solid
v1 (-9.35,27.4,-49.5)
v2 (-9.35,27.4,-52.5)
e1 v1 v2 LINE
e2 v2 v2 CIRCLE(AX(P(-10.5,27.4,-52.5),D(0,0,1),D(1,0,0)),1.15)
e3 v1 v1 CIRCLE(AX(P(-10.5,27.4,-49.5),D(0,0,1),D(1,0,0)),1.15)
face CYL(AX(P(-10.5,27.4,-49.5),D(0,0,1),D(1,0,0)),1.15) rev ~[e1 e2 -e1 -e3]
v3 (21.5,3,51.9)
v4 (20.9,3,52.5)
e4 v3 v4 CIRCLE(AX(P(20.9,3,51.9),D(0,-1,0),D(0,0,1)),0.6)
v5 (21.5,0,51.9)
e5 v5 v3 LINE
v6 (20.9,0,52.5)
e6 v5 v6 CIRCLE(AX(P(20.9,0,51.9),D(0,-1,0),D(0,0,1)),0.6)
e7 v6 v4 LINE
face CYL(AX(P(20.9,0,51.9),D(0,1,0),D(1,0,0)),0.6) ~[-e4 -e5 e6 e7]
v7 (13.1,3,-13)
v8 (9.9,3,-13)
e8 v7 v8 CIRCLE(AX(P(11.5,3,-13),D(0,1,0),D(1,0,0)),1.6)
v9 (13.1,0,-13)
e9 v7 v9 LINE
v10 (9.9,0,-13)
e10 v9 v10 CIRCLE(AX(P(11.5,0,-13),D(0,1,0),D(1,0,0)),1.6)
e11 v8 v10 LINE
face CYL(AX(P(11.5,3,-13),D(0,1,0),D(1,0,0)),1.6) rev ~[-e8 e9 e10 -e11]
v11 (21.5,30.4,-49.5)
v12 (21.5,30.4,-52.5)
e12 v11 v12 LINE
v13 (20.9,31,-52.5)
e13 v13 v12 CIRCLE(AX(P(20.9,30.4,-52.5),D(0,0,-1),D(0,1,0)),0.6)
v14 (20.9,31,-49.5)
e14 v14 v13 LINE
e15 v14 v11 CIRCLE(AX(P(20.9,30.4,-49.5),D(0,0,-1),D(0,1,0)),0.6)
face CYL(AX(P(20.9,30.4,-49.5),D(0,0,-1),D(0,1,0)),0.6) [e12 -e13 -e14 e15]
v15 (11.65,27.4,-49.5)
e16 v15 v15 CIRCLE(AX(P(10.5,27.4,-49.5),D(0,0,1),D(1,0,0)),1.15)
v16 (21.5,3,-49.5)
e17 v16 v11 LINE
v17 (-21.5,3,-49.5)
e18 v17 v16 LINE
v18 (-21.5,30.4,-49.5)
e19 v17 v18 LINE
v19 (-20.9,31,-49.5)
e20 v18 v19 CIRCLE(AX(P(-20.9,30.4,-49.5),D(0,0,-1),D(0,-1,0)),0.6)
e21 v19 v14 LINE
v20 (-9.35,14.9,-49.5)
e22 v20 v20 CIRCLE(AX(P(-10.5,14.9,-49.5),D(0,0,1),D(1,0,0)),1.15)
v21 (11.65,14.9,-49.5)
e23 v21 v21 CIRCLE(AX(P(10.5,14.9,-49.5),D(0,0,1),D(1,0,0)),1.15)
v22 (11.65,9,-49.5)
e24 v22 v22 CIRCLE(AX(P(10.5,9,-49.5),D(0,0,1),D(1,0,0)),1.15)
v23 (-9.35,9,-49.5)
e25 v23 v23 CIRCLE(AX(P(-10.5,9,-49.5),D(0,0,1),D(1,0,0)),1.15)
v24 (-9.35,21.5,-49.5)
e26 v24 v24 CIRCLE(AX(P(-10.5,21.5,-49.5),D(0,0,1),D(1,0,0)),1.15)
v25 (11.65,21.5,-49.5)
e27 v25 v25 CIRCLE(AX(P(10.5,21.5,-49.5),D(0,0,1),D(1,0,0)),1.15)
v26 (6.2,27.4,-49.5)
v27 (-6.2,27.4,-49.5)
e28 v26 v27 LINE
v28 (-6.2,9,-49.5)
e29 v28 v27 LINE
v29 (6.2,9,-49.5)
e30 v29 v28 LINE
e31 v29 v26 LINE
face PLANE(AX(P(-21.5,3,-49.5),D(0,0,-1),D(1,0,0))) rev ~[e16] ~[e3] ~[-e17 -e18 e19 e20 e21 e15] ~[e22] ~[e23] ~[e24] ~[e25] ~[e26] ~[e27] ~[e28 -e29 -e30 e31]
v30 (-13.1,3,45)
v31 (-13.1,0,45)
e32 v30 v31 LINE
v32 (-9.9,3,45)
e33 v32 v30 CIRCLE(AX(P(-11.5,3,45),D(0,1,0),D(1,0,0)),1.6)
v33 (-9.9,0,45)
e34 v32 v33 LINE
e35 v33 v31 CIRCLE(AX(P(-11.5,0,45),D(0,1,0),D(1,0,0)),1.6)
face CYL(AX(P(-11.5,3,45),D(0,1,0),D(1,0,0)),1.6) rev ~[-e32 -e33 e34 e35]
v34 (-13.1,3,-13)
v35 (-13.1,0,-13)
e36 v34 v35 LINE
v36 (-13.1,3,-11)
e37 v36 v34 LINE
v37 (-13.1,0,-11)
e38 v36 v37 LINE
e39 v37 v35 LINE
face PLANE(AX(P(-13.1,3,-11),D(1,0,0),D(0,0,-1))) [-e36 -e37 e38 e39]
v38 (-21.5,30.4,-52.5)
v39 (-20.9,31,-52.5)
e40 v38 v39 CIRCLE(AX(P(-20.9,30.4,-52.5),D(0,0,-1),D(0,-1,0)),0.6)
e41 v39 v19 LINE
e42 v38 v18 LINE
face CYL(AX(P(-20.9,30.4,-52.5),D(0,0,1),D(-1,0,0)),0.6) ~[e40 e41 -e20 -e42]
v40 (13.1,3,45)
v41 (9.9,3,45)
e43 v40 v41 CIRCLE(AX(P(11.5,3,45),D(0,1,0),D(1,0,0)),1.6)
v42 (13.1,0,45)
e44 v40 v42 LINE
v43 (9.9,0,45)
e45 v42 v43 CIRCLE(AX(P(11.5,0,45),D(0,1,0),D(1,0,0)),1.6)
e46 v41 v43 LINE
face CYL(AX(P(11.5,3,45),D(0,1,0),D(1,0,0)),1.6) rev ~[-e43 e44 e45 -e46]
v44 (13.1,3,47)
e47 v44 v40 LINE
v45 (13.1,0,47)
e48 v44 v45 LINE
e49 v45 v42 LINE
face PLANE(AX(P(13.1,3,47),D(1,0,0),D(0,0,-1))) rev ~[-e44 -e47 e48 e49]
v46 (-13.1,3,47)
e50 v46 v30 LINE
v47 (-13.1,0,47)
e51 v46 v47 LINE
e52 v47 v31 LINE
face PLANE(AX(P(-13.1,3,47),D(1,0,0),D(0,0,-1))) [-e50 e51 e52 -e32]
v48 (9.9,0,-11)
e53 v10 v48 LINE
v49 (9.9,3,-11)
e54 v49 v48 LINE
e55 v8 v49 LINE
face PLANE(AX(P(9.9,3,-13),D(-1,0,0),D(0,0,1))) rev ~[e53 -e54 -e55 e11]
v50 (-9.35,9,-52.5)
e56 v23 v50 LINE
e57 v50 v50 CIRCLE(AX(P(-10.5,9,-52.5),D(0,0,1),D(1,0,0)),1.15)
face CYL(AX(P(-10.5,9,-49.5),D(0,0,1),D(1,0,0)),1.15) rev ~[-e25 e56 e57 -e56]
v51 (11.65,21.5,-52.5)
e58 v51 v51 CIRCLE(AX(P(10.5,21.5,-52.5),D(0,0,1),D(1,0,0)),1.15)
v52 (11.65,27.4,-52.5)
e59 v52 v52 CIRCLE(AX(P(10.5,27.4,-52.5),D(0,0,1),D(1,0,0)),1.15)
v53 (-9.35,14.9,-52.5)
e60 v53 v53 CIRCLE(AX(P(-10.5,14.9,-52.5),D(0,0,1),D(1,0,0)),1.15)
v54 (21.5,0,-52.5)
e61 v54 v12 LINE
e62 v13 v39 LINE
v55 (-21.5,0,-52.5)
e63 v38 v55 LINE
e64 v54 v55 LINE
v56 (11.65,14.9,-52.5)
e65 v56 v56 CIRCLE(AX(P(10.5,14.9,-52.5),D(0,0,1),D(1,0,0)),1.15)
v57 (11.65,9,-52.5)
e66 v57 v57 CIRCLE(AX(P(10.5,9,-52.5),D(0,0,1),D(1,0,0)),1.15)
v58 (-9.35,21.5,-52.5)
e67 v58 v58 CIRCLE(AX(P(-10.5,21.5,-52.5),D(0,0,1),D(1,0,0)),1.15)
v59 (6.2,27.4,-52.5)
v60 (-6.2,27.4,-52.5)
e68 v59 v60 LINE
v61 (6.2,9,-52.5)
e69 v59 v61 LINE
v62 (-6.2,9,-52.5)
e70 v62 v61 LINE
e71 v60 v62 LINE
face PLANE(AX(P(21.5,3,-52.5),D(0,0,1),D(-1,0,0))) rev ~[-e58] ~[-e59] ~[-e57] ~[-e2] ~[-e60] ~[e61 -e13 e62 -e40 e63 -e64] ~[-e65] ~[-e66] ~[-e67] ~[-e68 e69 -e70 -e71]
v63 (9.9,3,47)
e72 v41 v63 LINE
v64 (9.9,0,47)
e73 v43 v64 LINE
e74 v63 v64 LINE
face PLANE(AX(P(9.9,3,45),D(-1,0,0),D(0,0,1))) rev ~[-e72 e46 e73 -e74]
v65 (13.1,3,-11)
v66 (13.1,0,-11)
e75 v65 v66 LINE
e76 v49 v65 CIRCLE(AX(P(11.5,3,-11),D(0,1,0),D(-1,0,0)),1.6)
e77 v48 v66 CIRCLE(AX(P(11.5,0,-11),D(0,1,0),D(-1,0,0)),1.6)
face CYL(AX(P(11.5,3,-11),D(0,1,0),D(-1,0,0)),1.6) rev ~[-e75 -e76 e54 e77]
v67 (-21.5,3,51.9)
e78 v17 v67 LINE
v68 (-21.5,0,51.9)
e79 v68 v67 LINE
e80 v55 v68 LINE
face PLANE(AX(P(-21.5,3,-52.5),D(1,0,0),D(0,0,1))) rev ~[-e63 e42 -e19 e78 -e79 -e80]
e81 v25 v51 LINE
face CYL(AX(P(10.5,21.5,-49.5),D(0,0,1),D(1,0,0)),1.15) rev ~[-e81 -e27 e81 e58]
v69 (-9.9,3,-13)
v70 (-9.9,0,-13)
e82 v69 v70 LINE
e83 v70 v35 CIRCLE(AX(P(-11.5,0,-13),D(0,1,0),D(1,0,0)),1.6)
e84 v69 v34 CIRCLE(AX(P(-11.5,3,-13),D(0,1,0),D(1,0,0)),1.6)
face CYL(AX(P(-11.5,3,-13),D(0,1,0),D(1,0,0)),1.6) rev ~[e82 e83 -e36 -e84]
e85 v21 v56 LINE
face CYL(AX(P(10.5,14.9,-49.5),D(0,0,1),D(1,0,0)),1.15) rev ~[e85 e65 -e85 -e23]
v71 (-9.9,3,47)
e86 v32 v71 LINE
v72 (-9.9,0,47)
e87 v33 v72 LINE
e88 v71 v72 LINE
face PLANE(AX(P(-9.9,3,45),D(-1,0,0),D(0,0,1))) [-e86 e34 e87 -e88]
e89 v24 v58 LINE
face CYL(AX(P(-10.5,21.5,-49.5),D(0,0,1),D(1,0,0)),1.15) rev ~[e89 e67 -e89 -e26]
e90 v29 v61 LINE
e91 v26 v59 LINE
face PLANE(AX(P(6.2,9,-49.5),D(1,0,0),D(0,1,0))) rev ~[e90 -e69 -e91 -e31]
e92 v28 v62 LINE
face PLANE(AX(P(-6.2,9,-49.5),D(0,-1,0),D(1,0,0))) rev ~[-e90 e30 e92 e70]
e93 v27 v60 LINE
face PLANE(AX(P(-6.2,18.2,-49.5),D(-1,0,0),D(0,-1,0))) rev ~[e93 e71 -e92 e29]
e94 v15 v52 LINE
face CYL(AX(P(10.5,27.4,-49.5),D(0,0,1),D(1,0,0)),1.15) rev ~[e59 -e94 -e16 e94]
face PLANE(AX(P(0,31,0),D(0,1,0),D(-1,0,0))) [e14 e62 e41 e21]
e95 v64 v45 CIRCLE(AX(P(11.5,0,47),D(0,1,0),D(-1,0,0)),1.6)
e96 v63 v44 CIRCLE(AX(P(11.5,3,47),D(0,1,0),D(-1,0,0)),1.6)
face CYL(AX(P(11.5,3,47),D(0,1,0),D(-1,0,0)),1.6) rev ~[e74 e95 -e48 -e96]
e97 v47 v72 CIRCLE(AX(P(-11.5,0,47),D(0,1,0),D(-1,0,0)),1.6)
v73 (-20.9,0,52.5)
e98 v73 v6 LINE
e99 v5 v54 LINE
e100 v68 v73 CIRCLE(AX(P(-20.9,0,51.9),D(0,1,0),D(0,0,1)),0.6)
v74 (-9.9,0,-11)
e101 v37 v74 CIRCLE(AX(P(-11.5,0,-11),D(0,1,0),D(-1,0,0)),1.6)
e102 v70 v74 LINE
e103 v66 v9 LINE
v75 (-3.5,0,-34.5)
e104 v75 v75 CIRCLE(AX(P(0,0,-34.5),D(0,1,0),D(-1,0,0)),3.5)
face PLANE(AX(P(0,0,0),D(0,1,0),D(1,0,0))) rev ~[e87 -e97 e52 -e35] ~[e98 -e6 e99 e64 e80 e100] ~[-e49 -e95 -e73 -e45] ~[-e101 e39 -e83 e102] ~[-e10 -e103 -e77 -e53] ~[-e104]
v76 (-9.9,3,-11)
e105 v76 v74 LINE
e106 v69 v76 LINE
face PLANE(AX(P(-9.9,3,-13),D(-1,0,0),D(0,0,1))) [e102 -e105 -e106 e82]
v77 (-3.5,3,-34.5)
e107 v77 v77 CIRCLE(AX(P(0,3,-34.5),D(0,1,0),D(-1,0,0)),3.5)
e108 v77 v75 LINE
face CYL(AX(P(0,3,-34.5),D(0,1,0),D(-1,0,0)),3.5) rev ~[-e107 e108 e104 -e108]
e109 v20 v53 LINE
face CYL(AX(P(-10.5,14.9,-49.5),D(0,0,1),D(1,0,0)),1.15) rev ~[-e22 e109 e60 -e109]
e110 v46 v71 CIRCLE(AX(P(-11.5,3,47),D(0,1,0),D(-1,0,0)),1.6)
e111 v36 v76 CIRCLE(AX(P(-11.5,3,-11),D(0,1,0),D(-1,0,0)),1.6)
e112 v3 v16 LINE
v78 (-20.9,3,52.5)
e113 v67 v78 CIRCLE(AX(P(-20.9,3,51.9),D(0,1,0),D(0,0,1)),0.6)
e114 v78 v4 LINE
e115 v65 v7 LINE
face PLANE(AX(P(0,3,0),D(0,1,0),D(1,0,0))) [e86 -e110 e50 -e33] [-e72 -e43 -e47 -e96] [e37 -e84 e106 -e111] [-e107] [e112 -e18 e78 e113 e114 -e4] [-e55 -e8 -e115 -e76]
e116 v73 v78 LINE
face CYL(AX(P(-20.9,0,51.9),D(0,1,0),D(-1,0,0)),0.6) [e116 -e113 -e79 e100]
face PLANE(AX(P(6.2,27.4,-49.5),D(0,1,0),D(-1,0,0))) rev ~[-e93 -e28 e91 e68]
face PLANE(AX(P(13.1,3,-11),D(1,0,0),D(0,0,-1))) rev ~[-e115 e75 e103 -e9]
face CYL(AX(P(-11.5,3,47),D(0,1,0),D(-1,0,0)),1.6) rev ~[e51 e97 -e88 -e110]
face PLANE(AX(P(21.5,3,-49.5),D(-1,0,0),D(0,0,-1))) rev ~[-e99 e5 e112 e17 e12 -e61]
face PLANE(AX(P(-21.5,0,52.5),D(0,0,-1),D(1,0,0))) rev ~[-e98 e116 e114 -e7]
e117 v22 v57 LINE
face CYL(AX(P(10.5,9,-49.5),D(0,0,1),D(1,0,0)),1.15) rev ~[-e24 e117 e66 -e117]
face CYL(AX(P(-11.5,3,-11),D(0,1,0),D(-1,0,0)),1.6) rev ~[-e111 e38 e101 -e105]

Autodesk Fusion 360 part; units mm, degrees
sketch "Sketch1" plane through (0, 0, 0) normal (0, 1, 0) x (1, 0, 0)
  line L0 (21.5, 52.5) -> (-21.5, 52.5)
  line L1 (-21.5, 52.5) -> (-21.5, -52.5)
  line L2 (-21.5, -52.5) -> (21.5, -52.5)
  line L3 (21.5, -52.5) -> (21.5, 52.5)
  line L4 (21.5, 52.5) -> (-21.5, -52.5) construction
  line L5 (-21.5, 52.5) -> (21.5, -52.5) construction
  dimension "d1" = 43
  dimension "d2" = 105
extrude "Extrude1" add sketch "Sketch1" along normal blind 3
sketch "Sketch2" plane through (0, 3, 0) normal (0, 1, 0) x (-1, 0, 0)
  line L0 (-21.5, 52.5) -> (-21.5, -52.5)
  line L1 (-21.5, -52.5) -> (21.5, -52.5)
  line L2 (21.5, -52.5) -> (21.5, 52.5)
  line L3 (21.5, 52.5) -> (-21.5, 52.5)
  line L4 (15, -14.5) -> (-15, -14.5) construction
  line L5 (-15, -14.5) -> (-15, 50.5) construction
  line L6 (-15, 50.5) -> (15, 50.5) construction
  line L7 (15, 50.5) -> (15, -14.5) construction
  line L8 (-13.1, 47) -> (-13.1, 45)
  arc A0 (-13.1, 45) -> (-9.9, 45) centre (-11.5, 45) ccw
  line L9 (-9.9, 45) -> (-9.9, 47)
  arc A1 (-9.9, 47) -> (-13.1, 47) centre (-11.5, 47) ccw
  line L10 (-11.5, 47) -> (-11.5, 45) construction
  line L11 (0, 20) -> (0, 2.5)
  arc A2 (13.1, 47) -> (9.9, 47) centre (11.5, 47) ccw
  line L12 (13.1, 47) -> (13.1, 45)
  line L13 (9.9, 45) -> (9.9, 47)
  arc A3 (9.9, 45) -> (13.1, 45) centre (11.5, 45) ccw
  line L14 (-15, 18) -> (15, 18) construction
  arc A4 (-9.9, -11) -> (-13.1, -11) centre (-11.5, -11) ccw
  line L15 (-13.1, -11) -> (-13.1, -13)
  line L16 (-9.9, -13) -> (-9.9, -11)
  arc A5 (-13.1, -13) -> (-9.9, -13) centre (-11.5, -13) ccw
  line L17 (0, 1.75) -> (0, 22.5)
  line L18 (9.9, -13) -> (9.9, -11)
  arc A6 (13.1, -11) -> (9.9, -11) centre (11.5, -11) ccw
  line L19 (13.1, -11) -> (13.1, -13)
  arc A7 (9.9, -13) -> (13.1, -13) centre (11.5, -13) ccw
  dimension "d10" = 30
  dimension "d11" = 65
  dimension "d12" = 2
  dimension "d13" = 6.5
  dimension "d15" = 2
  dimension "d16" = 3.2
  dimension "d17" = 3.5
  dimension "d18" = 3.5
  dimension "d19" = 2
  dimension "d20" = 3.2
  dimension "d21" = 56
extrude "Extrude2" cut sketch "Sketch2" against normal blind 4 contours L8 A0 L9 A1 | A2 L12 L13 A3 | A4 L15 L16 A5 | L18 A6 L19 A7
sketch "Sketch3" plane through (0, 3, 0) normal (0, 1, 0) x (-1, 0, 0)
  line L0 (-9.9, -11) -> (-9.9, -13)
  arc A0 (-13.1, -13) -> (-9.9, -13) centre (-11.5, -13) ccw
  line L1 (-13.1, -13) -> (-13.1, -11)
  arc A1 (-9.9, -11) -> (-13.1, -11) centre (-11.5, -11) ccw
  line L2 (-13.1, 45) -> (-13.1, 47)
  arc A2 (-9.9, 47) -> (-13.1, 47) centre (-11.5, 47) ccw
  line L3 (-9.9, 47) -> (-9.9, 45)
  arc A3 (-13.1, 45) -> (-9.9, 45) centre (-11.5, 45) ccw
  line L4 (9.9, 45) -> (9.9, 47)
  arc A4 (13.1, 47) -> (9.9, 47) centre (11.5, 47) ccw
  line L5 (13.1, 47) -> (13.1, 45)
  arc A5 (9.9, 45) -> (13.1, 45) centre (11.5, 45) ccw
  line L6 (-21.5, 52.5) -> (-21.5, -52.5)
  line L7 (-21.5, -52.5) -> (21.5, -52.5)
  line L8 (21.5, -52.5) -> (21.5, 52.5)
  line L9 (21.5, 52.5) -> (-21.5, 52.5)
  line L10 (-21.5, -52.5) -> (21.5, -52.5)
  line L11 (21.5, -52.5) -> (21.5, -49.5)
  line L12 (21.5, -49.5) -> (-21.5, -49.5)
  line L13 (-21.5, -49.5) -> (-21.5, -52.5)
  line L14 (9.9, -13) -> (9.9, -11)
  arc A6 (13.1, -11) -> (9.9, -11) centre (11.5, -11) ccw
  line L15 (13.1, -11) -> (13.1, -13)
  arc A7 (9.9, -13) -> (13.1, -13) centre (11.5, -13) ccw
  dimension "d24" = 3
extrude "Extrude3" add sketch "Sketch3" along normal blind 28 contours L6 L7 L8 L10 L11 L12 L13
sketch "Sketch4" plane through (0, 0, -49.5) normal (0, 0, 1) x (1, 0, 0)
  line L0 (-21.5, 3) -> (21.5, 3)
  line L1 (21.5, 3) -> (21.5, 31)
  line L2 (21.5, 31) -> (-21.5, 31)
  line L3 (-21.5, 31) -> (-21.5, 3)
  line L4 (6.2, 27.4) -> (-6.2, 27.4)
  line L5 (-6.2, 27.4) -> (-6.2, 9)
  line L6 (-6.2, 9) -> (6.2, 9)
  line L7 (6.2, 9) -> (6.2, 27.4)
  line L8 (0, 2.5) -> (0, 20)
  line L9 (-10.5, 27.4) -> (10.5, 27.4) construction
  circle A0 centre (-10.5, 27.4) radius 1.15
  circle A1 centre (10.5, 27.4) radius 1.15
  line L10 (-10.5, 14.9) -> (10.5, 14.9) construction
  circle A2 centre (-10.5, 14.9) radius 1.15
  circle A3 centre (10.5, 14.9) radius 1.15
  line L11 (-6.2, 18.2) -> (6.2, 18.2)
  circle A4 centre (10.5, 9) radius 1.15
  circle A5 centre (-10.5, 21.5) radius 1.15
  circle A6 centre (-10.5, 9) radius 1.15
  circle A7 centre (10.5, 21.5) radius 1.15
  line L12 (6.2, 27.4) -> (6.2, 9)
  line L13 (-6.2, 27.4) -> (6.2, 27.4)
  line L14 (-6.2, 9) -> (-6.2, 27.4)
  line L15 (6.2, 9) -> (-6.2, 9)
  dimension "d27" = 12.4
  dimension "d28" = 6.2
  dimension "d29" = 18.4
  dimension "d30" = 6
  dimension "d33" = 2.3
  dimension "d34" = 2.3
  dimension "d35" = 12.5
  dimension "d38" = 2.3
  dimension "d39" = 2.3
  dimension "d40" = 21
  dimension "d41" = 21
  dimension "d42" = 10.5
extrude "Extrude4" cut sketch "Sketch4" against normal up to surface (3 mm away) contours L5 L6 L8 L11 L14 L15 | L6 L7 L8 L11 L12 L15 | L4 L5 L7 L11 L12 L13 L14 | A0 | A1 | A2 | A3 | A4 | A5 | A6 | A7
sketch "Sketch5" plane through (0, 3, 0) normal (0, 1, 0) x (-1, 0, 0)
  line L0 (-21.5, 52.5) -> (-21.5, -49.5)
  line L1 (-21.5, -49.5) -> (21.5, -49.5)
  line L2 (21.5, -49.5) -> (21.5, 52.5)
  line L3 (-9.9, -11) -> (-9.9, -13)
  arc A0 (-13.1, -13) -> (-9.9, -13) centre (-11.5, -13) ccw
  line L4 (-13.1, -13) -> (-13.1, -11)
  arc A1 (-9.9, -11) -> (-13.1, -11) centre (-11.5, -11) ccw
  line L5 (-13.1, 45) -> (-13.1, 47)
  arc A2 (-9.9, 47) -> (-13.1, 47) centre (-11.5, 47) ccw
  line L6 (-9.9, 47) -> (-9.9, 45)
  arc A3 (-13.1, 45) -> (-9.9, 45) centre (-11.5, 45) ccw
  line L7 (9.9, 45) -> (9.9, 47)
  arc A4 (13.1, 47) -> (9.9, 47) centre (11.5, 47) ccw
  line L8 (13.1, 47) -> (13.1, 45)
  arc A5 (9.9, 45) -> (13.1, 45) centre (11.5, 45) ccw
  circle A6 centre (0, -34.5) radius 3.5
  line L9 (9.9, -13) -> (9.9, -11)
  arc A7 (13.1, -11) -> (9.9, -11) centre (11.5, -11) ccw
  line L10 (13.1, -11) -> (13.1, -13)
  arc A8 (9.9, -13) -> (13.1, -13) centre (11.5, -13) ccw
  line L11 (21.5, 52.5) -> (-21.5, 52.5)
  dimension "d49" = 7
  dimension "d55" = 15
extrude "Extrude6" cut sketch "Sketch5" against normal up to surface (3 mm away) contours A6
fillet "Fillet3" radius 0.6 4 edges at (21.5, 1.5, 52.5) (-21.5, 1.5, 52.5) (-21.5, 31, -51) (21.5, 31, -51)
